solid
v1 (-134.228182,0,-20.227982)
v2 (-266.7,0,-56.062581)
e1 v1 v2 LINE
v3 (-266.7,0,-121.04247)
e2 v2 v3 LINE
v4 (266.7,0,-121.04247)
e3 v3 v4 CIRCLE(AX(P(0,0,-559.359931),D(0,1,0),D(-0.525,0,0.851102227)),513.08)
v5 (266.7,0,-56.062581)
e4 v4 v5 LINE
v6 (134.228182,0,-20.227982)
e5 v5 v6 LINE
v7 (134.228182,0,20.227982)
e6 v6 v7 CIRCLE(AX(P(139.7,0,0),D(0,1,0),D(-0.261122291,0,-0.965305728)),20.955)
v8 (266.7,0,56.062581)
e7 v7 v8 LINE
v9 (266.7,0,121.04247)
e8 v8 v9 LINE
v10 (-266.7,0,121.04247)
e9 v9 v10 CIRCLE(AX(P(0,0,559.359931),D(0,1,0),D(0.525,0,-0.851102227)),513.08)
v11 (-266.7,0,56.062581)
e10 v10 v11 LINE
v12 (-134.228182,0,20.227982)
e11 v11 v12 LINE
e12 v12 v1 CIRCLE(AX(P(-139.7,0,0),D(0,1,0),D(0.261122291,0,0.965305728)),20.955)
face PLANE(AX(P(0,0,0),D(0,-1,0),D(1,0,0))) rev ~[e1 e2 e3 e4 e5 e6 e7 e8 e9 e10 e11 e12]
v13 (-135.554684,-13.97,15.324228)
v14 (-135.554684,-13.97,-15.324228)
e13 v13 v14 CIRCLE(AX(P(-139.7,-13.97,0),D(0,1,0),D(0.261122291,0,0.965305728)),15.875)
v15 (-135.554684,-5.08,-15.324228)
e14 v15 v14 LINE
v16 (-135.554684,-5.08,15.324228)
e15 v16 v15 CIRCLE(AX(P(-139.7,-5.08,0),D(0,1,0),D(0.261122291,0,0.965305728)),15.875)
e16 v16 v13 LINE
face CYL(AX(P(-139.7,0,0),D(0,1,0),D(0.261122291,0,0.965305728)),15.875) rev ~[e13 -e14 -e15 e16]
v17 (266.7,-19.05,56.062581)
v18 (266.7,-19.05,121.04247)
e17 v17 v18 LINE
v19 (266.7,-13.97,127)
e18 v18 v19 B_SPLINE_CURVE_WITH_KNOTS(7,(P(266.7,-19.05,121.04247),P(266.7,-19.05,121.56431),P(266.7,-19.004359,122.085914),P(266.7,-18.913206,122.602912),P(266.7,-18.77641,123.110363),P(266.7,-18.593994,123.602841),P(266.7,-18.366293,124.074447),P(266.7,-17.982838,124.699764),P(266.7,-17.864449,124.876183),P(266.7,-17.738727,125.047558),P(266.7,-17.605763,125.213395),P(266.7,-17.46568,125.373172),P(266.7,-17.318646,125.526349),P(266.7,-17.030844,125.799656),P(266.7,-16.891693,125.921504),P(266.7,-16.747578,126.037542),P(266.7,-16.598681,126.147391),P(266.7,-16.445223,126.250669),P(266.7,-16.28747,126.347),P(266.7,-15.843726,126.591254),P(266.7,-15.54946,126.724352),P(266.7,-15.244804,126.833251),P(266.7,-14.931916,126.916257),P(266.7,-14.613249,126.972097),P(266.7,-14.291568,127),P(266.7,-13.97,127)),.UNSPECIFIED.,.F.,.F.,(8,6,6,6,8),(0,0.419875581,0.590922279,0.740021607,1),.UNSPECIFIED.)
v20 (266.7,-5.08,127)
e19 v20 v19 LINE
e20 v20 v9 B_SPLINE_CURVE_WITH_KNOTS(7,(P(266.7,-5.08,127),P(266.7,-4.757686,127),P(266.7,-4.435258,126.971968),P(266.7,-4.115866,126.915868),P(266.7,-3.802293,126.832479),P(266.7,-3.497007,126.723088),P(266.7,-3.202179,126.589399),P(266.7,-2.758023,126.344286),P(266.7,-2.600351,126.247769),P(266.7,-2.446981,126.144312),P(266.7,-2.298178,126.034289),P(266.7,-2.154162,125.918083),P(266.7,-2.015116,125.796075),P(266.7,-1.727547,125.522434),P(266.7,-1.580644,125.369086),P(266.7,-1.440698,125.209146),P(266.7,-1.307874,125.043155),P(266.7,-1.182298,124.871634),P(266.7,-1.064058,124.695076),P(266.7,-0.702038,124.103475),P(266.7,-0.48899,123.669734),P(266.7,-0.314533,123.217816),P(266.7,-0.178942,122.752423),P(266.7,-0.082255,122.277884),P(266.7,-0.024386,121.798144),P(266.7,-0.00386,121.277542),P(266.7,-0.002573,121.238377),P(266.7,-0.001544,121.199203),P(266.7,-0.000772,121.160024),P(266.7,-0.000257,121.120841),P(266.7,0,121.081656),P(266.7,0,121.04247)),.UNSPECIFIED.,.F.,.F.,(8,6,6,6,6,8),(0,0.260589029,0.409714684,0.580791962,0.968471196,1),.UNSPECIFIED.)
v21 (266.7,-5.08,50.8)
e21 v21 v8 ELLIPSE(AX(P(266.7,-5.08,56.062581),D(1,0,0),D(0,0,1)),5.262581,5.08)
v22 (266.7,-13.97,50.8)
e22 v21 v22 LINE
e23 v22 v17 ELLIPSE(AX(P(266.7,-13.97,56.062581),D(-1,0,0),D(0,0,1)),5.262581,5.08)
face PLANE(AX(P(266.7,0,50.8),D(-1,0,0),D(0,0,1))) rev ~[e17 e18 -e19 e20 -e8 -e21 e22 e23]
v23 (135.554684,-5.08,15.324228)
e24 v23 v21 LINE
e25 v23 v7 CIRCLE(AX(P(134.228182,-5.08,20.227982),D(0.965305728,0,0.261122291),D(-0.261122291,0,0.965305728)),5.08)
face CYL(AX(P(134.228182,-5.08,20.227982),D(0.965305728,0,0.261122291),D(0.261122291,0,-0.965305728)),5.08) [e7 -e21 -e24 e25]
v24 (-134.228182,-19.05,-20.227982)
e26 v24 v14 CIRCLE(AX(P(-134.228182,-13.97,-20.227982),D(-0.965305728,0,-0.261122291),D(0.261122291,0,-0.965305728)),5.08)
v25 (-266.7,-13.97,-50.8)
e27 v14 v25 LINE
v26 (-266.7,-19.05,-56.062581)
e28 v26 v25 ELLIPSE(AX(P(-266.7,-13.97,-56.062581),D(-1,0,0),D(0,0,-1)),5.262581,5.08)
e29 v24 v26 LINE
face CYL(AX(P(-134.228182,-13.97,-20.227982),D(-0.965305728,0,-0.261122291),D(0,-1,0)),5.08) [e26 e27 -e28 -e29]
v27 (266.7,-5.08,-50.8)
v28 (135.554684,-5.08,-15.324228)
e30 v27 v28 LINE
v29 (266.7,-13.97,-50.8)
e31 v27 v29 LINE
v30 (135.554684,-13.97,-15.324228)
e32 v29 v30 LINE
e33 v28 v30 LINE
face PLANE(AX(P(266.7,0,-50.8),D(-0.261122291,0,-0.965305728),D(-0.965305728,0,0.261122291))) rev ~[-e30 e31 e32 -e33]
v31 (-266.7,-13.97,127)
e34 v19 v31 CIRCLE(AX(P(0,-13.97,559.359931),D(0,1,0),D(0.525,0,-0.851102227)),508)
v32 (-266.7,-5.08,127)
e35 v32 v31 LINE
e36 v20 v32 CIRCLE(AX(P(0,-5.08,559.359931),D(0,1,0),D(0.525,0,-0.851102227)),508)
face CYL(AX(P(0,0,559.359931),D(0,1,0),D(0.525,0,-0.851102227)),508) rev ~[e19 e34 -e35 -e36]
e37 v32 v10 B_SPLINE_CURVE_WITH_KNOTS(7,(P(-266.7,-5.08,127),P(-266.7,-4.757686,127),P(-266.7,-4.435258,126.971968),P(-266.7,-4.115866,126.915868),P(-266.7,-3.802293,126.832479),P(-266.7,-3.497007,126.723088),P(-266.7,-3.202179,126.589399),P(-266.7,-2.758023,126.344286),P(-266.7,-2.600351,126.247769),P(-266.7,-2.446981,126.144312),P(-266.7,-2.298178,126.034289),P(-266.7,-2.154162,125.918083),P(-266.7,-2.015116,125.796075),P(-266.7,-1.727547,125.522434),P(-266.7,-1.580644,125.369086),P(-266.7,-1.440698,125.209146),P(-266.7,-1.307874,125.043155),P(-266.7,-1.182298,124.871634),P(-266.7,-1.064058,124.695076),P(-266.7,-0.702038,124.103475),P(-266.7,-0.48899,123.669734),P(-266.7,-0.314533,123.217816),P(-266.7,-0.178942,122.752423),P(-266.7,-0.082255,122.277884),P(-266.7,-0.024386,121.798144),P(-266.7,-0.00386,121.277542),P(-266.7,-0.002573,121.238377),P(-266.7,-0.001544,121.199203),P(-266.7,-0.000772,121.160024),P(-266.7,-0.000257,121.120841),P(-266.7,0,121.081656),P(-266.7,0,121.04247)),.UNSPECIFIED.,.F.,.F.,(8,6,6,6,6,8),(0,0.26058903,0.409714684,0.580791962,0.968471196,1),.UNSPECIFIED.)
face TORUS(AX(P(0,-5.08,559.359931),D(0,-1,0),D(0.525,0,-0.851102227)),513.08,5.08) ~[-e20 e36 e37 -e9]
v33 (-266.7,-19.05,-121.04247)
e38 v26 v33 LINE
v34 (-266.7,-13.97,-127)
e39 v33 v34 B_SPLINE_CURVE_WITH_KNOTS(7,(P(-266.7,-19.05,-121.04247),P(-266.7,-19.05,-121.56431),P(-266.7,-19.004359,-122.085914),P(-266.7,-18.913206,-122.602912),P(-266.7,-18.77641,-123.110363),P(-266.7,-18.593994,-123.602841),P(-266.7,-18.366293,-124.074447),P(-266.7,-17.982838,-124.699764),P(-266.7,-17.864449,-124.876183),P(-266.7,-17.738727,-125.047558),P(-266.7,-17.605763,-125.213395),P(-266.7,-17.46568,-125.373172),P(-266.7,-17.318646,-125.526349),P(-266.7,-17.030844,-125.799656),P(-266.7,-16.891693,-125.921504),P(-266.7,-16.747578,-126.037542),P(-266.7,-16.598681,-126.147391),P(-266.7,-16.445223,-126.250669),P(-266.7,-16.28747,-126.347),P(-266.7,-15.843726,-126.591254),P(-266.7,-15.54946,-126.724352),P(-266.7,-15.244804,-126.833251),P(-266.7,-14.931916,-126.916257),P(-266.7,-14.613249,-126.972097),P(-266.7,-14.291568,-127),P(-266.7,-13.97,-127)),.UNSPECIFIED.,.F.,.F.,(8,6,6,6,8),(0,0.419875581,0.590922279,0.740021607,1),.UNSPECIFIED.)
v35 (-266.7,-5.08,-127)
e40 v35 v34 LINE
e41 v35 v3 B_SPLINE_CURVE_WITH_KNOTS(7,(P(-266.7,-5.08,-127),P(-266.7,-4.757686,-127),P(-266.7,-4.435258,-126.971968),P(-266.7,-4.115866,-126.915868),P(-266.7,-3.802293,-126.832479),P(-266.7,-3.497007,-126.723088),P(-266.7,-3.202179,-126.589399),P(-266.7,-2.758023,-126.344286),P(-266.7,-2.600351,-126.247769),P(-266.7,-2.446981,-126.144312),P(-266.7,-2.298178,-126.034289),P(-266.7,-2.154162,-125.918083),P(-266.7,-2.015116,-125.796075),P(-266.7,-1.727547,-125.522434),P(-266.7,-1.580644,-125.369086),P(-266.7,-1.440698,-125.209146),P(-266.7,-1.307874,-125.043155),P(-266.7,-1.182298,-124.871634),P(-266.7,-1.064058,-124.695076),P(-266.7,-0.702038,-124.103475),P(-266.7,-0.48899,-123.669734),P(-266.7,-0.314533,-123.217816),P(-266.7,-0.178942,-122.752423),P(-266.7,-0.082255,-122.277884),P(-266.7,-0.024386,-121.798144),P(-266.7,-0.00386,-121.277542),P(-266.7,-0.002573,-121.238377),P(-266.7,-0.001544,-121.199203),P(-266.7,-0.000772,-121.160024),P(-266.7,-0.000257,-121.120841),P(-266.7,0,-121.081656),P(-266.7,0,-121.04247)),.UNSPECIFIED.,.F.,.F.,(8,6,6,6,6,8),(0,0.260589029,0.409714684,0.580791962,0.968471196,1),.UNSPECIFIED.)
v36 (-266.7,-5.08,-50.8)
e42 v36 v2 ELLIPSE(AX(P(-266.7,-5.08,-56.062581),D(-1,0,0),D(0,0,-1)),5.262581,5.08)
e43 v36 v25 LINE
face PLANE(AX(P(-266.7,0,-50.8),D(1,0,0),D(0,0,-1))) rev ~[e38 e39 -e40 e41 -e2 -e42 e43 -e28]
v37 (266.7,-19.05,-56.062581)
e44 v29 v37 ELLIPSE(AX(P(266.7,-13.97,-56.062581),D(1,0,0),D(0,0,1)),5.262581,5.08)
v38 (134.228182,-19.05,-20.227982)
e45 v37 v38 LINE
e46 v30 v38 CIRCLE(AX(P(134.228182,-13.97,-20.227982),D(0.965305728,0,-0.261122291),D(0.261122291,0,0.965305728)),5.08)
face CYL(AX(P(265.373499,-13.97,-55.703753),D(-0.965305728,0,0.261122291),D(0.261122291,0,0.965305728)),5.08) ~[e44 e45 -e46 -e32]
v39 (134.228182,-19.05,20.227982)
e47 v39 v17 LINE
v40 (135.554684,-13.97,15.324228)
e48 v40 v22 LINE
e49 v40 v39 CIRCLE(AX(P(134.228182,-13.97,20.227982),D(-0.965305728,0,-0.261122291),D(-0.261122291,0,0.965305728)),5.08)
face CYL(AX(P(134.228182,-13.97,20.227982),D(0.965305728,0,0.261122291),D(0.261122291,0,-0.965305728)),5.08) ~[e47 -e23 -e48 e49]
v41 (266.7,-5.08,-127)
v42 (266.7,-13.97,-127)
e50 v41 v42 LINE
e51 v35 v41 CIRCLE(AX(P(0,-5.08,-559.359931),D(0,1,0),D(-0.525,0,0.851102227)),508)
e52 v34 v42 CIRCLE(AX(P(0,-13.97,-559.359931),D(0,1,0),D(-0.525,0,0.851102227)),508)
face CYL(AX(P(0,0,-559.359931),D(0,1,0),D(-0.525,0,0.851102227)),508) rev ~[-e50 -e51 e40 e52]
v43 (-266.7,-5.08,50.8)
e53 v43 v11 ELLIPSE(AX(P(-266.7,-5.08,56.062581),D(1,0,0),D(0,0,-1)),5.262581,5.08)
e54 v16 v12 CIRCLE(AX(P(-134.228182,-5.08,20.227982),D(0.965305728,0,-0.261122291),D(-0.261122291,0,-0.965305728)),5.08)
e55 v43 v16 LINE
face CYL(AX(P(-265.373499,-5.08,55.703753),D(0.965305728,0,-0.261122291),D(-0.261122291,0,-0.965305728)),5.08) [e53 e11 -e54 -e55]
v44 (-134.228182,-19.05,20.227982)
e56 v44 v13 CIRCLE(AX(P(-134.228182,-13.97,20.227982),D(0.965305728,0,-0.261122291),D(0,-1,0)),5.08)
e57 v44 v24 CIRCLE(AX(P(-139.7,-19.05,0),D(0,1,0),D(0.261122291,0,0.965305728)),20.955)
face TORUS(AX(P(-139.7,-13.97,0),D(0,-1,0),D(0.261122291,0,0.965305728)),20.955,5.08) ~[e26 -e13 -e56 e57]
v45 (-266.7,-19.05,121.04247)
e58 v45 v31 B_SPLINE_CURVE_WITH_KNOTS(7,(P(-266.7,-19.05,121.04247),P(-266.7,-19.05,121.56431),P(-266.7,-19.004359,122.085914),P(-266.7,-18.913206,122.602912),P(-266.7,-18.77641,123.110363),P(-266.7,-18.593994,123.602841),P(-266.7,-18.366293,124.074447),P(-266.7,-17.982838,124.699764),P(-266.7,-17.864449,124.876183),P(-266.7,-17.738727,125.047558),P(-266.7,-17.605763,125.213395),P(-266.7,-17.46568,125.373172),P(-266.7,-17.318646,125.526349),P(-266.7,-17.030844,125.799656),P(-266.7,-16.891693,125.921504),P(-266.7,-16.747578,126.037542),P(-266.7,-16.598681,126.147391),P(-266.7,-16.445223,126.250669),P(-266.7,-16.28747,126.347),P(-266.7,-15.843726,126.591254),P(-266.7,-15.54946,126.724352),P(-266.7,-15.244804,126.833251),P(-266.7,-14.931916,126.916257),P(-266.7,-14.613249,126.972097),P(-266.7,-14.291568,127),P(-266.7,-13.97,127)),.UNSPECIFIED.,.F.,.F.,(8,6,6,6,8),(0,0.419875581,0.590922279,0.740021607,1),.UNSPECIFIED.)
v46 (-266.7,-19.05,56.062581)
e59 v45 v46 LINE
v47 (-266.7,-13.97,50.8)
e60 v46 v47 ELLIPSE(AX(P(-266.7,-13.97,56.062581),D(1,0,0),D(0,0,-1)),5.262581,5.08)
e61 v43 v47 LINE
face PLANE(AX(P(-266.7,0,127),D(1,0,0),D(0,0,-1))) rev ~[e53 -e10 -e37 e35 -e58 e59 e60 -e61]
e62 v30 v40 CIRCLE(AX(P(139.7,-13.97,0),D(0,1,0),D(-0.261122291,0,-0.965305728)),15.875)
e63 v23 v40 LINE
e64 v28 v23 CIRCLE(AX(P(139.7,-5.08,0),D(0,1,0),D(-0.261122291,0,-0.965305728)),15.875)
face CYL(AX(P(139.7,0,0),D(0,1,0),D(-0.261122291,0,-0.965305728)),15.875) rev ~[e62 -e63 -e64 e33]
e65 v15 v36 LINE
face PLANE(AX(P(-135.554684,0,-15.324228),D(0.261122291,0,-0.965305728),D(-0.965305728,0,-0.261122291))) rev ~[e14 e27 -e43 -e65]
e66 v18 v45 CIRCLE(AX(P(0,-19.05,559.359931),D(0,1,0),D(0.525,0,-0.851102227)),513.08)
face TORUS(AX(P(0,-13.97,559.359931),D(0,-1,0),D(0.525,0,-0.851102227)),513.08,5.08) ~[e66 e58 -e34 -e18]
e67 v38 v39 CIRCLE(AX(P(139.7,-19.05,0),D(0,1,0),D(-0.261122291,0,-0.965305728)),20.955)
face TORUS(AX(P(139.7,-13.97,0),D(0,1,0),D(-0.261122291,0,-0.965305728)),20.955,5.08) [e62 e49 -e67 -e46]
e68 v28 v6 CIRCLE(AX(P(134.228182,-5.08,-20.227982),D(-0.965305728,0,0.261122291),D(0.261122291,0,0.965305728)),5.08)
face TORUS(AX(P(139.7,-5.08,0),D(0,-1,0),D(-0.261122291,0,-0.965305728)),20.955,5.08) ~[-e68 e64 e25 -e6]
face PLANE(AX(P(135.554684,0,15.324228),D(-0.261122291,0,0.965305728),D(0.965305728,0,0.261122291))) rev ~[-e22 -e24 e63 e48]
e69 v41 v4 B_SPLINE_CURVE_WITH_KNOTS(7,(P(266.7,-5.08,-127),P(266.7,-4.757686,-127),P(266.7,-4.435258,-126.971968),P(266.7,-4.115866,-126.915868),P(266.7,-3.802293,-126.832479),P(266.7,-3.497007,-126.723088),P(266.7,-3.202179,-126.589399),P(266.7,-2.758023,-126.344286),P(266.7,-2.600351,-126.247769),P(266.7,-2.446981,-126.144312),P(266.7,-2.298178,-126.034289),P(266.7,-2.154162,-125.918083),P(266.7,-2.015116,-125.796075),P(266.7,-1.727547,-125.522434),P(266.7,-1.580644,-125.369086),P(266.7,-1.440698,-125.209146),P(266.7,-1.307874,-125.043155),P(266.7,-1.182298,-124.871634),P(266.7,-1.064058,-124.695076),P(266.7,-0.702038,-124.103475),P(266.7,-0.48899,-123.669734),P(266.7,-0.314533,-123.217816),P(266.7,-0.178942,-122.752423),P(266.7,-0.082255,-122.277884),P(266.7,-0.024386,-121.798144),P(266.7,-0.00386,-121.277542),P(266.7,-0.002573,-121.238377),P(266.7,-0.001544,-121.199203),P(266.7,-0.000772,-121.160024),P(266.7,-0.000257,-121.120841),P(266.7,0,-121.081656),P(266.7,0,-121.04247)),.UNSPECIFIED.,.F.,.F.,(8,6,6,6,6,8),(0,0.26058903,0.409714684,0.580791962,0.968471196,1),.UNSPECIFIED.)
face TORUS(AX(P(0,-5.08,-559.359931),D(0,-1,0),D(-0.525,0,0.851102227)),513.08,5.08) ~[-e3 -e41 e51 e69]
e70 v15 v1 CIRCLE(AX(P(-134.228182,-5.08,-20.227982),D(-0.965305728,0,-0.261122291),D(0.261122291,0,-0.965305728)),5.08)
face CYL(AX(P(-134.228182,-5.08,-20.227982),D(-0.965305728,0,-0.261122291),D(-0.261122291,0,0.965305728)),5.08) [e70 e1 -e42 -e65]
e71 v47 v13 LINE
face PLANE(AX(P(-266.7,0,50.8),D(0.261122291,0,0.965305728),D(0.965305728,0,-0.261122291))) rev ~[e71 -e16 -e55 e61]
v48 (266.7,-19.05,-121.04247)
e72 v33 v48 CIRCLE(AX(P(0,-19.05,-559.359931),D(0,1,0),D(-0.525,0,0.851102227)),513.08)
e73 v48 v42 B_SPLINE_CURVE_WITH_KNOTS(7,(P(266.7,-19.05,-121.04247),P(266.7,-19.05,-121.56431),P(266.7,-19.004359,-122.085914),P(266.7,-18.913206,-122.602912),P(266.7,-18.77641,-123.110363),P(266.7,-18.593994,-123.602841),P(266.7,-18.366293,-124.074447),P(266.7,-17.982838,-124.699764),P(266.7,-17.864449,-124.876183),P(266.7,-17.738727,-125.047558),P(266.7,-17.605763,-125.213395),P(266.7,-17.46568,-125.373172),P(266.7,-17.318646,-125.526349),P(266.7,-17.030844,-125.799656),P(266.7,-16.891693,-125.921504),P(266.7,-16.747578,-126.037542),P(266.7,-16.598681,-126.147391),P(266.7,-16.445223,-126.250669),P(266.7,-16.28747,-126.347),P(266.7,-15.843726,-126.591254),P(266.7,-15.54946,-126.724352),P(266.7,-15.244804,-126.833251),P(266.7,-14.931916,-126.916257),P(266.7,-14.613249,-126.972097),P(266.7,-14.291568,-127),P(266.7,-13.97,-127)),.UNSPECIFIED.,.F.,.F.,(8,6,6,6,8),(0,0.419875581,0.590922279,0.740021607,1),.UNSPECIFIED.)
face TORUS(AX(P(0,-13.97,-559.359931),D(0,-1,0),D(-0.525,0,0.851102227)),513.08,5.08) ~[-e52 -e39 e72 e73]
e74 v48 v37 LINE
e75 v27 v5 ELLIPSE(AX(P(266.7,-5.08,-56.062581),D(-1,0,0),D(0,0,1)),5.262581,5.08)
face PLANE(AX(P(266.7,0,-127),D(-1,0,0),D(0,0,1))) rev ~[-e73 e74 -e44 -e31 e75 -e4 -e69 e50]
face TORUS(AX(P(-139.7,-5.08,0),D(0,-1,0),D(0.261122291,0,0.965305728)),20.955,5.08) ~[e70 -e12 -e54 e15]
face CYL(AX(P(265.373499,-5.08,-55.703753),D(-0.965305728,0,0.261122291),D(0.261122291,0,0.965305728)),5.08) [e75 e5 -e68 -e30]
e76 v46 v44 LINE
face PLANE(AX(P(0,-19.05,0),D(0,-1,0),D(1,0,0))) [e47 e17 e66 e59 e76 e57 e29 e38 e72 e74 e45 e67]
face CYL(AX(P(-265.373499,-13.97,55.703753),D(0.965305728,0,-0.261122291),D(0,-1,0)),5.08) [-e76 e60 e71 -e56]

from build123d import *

# Parameters (mm, degrees)
F1_DEPTH = 19.05
F2_R     = 5.08
F3_R     = 5.08


with BuildPart() as f1:
    # F0 (on Front) → F1 (new body)
    with BuildSketch(Plane.XZ):
        with BuildLine():
            Line((135.5546836256, 15.3242284359), (266.7, 50.8))
            Line((266.7, 50.8), (266.7, 127))
            ThreePointArc((266.7, 127), (0, 51.3599310759), (-266.7, 127))
            Line((-266.7, 127), (-266.7, 50.8))
            Line((-266.7, 50.8), (-135.5546836256, 15.3242284359))
            ThreePointArc((-135.5546836256, 15.3242284359), (-123.825, 0), (-135.5546836256, -15.3242284359))
            Line((-135.5546836256, -15.3242284359), (-266.7, -50.8))
            Line((-266.7, -50.8), (-266.7, -127))
            ThreePointArc((-266.7, -127), (0, -51.3599310759), (266.7, -127))
            Line((266.7, -127), (266.7, -50.8))
            Line((266.7, -50.8), (135.5546836256, -15.3242284359))
            ThreePointArc((135.5546836256, -15.3242284359), (123.825, 0), (135.5546836256, 15.3242284359))
        make_face()
    extrude(amount=F1_DEPTH)

    # F2
    f2_edges = [f1.edges().sort_by_distance(p)[0] for p in [
        (0, 0, 51.359931),
        (201.127342, 0, 33.062114),
        (-201.127342, 0, -33.062114),
        (0, 0, -51.359931),
    ]]
    fillet(f2_edges, radius=F2_R)

    # F3
    f3_edges = [f1.edges().sort_by_distance(p)[0] for p in [
        (0, -19.05, 51.359931),
        (-201.127342, -19.05, 33.062114),
        (0, -19.05, -51.359931),
        (201.127342, -5.08, -33.062114),
        (201.127342, -19.05, 33.062114),
    ]]
    fillet(f3_edges, radius=F3_R)


solid = f1.part
